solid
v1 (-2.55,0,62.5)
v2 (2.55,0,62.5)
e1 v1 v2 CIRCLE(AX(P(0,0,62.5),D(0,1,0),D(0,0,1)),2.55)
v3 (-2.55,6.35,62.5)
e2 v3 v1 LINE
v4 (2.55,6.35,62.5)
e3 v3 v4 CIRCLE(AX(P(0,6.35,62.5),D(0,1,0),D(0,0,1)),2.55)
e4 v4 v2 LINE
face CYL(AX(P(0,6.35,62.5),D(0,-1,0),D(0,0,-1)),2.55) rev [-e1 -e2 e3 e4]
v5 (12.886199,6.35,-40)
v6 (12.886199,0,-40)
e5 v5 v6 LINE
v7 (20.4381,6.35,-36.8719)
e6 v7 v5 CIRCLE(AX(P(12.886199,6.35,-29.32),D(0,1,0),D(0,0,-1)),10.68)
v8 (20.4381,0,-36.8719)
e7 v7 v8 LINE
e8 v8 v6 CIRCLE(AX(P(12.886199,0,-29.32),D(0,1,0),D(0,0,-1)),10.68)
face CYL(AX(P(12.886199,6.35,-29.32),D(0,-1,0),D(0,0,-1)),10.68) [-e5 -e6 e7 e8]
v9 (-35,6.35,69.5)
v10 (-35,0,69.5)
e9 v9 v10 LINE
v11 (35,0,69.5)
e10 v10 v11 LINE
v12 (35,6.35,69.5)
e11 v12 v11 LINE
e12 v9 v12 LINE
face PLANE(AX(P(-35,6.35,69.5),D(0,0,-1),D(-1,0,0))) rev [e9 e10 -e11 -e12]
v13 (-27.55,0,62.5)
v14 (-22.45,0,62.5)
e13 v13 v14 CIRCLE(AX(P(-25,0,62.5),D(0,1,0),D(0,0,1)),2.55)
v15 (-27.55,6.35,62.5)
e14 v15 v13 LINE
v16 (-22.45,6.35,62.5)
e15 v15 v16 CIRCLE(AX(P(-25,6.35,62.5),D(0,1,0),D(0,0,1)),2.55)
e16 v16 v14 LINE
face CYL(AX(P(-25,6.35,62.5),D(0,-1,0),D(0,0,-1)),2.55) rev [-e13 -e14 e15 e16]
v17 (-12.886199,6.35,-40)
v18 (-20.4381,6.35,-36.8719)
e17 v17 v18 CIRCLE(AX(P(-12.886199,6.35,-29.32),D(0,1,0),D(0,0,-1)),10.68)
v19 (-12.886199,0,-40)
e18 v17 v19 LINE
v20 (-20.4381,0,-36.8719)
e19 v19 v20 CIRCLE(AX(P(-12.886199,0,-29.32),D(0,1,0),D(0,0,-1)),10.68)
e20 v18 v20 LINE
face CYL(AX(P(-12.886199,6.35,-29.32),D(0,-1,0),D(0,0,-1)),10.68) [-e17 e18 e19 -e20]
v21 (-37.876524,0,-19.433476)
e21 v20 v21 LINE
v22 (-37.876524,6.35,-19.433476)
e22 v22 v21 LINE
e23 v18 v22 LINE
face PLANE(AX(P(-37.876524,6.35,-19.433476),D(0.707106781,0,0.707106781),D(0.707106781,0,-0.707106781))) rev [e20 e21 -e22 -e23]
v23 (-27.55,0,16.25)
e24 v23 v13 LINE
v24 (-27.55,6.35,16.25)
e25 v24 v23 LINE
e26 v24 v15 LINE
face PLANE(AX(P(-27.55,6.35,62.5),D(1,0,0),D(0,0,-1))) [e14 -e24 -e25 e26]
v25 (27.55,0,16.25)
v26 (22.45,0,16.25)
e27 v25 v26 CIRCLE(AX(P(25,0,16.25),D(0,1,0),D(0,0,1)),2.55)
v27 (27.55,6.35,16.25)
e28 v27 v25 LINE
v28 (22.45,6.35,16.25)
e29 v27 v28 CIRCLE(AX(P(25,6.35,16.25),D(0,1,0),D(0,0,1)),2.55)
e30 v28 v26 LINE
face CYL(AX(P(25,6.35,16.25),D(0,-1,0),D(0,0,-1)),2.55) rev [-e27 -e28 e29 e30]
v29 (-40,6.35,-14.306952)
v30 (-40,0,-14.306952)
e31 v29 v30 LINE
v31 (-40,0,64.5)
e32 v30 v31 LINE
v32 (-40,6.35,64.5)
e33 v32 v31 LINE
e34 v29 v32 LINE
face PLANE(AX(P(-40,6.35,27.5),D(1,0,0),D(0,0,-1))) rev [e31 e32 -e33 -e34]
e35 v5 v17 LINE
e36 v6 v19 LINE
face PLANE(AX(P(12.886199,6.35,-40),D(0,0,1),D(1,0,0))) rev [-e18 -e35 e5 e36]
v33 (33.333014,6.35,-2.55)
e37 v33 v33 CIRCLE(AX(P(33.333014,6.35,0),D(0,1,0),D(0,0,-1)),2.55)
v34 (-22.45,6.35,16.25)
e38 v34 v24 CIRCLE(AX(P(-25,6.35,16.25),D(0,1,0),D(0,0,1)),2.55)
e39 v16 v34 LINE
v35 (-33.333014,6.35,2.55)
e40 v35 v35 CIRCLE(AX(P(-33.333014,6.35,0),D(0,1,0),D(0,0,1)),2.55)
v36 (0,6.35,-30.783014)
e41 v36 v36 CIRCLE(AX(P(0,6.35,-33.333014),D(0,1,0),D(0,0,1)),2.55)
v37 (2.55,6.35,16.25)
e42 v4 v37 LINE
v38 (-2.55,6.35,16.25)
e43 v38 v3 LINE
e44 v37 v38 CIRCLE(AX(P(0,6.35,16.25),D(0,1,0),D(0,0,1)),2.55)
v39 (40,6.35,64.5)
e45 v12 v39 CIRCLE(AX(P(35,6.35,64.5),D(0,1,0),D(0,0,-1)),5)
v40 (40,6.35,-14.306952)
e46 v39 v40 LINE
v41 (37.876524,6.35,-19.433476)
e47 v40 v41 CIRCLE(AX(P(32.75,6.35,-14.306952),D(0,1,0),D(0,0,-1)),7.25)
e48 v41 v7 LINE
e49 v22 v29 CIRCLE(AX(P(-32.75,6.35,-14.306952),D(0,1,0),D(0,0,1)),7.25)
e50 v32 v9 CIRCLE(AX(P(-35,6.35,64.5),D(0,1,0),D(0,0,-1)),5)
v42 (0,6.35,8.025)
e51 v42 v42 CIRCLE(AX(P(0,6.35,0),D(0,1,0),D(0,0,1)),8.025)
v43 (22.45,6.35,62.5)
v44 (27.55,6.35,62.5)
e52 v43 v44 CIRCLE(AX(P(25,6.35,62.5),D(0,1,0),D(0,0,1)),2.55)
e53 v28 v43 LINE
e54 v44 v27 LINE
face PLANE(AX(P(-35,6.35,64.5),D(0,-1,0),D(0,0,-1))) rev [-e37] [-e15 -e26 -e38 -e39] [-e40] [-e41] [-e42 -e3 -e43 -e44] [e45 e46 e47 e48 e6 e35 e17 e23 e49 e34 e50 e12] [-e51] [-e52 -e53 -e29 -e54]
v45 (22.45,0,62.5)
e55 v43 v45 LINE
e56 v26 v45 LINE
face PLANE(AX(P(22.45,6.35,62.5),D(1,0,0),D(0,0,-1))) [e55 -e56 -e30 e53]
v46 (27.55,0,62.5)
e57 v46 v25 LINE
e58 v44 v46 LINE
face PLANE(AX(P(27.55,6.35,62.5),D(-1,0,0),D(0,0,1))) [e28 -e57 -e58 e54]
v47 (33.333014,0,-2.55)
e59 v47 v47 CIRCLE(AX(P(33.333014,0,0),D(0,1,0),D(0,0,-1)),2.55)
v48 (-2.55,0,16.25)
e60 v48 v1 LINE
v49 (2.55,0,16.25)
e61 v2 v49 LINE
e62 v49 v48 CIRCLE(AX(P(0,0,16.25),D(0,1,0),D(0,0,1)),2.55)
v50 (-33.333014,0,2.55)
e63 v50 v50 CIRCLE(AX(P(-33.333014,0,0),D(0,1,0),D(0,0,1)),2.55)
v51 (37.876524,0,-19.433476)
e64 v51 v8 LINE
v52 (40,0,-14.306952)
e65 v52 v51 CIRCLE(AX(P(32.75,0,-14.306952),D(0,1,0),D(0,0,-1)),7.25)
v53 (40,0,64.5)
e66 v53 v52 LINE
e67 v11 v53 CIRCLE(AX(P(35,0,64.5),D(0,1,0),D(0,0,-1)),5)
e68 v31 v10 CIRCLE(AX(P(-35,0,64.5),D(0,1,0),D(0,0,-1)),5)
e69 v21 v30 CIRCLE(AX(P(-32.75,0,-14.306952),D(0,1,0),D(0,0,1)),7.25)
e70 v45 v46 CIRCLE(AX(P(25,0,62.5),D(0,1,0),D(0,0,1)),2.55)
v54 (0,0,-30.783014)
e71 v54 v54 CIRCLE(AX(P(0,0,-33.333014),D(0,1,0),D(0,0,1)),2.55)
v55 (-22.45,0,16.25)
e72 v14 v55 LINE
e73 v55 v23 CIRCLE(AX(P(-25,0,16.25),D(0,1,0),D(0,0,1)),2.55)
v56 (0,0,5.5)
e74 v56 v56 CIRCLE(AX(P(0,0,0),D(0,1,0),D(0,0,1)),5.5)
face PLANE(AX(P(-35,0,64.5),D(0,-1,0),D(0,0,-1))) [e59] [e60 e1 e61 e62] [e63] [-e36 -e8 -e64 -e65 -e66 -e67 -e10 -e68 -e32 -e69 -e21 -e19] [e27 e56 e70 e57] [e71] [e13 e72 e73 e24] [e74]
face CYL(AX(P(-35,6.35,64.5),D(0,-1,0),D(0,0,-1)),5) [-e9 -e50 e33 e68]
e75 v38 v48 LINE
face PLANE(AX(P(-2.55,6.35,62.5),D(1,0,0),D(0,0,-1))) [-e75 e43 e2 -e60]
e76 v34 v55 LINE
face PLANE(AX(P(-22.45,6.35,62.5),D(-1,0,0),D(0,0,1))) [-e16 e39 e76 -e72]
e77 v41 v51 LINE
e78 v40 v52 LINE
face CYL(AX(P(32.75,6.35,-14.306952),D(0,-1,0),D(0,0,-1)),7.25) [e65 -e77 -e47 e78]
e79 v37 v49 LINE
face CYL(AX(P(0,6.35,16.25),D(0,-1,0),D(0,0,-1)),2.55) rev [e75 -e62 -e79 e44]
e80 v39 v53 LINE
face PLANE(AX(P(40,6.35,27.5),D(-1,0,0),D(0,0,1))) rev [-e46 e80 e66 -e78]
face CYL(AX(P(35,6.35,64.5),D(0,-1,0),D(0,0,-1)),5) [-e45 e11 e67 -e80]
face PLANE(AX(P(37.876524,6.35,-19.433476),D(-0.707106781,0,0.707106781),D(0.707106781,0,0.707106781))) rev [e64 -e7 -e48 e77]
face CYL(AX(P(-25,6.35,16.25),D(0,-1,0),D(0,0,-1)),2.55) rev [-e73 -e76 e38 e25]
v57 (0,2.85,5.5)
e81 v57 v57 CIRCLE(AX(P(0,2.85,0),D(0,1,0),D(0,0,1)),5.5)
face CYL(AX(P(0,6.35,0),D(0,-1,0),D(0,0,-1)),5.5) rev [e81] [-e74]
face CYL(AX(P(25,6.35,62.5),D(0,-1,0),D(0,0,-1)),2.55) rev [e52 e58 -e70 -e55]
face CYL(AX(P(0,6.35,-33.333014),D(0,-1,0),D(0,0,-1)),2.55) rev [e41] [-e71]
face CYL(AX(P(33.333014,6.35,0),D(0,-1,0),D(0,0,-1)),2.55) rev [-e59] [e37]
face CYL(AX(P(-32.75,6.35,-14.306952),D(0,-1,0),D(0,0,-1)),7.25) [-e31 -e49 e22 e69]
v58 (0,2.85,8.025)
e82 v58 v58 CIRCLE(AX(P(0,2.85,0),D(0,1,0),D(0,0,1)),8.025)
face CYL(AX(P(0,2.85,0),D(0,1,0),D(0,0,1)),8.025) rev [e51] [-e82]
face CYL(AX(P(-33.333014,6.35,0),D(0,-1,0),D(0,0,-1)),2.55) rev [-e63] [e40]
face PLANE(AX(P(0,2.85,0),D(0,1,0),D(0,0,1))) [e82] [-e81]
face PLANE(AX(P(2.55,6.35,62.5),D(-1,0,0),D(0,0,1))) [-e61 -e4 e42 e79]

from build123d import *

# Parameters (mm, degrees)
SKETCH1_R           = 5.5
SKETCH1_R_2         = 2.55
BOSS_EXTRUDE1_DEPTH = 6.35
SKETCH2_R           = 8.025
CUT_EXTRUDE1_DEPTH  = 3.5


with BuildPart() as part:
    # Sketch1 → Boss-Extrude1 (new body)
    with BuildSketch(Plane(origin=(0, 0, 0), x_dir=(1, 0, 0), z_dir=(0, 1, 0))):
        with BuildLine():
            Line((40, -27.5), (40, 14.306951673))
            ThreePointArc((40, 14.306951673), (39.448126611, 17.081406557), (37.876524164, 19.433475836))
            Line((37.876524164, 19.433475836), (20.438099577, 36.871900423))
            ThreePointArc((20.438099577, 36.871900423), (16.973258212, 39.187033407), (12.886199154, 40))
            Line((12.886199154, 40), (-12.886199154, 40))
            ThreePointArc((-12.886199154, 40), (-16.973258212, 39.187033407), (-20.438099577, 36.871900423))
            Line((-20.438099577, 36.871900423), (-37.876524164, 19.433475836))
            ThreePointArc((-37.876524164, 19.433475836), (-39.448126611, 17.081406557), (-40, 14.306951673))
            Line((-40, 14.306951673), (-40, -27.5))
            Line((-40, -27.5), (-40, -64.5))
            ThreePointArc((-40, -64.5), (-38.535533906, -68.035533906), (-35, -69.5))
            Line((-35, -69.5), (35, -69.5))
            ThreePointArc((35, -69.5), (38.535533906, -68.035533906), (40, -64.5))
            Line((40, -64.5), (40, -27.5))
        make_face()
        with Locations(Location((0, 0, 0), (0, 0, 270))):
            Circle(SKETCH1_R, mode=Mode.SUBTRACT)
        with Locations(Location((-33.333013665, 0, 0), (0, 0, 270))):
            Circle(SKETCH1_R_2, mode=Mode.SUBTRACT)
        with Locations(Location((0, 33.333013665, 0), (0, 0, 270))):
            Circle(SKETCH1_R_2, mode=Mode.SUBTRACT)
        with Locations(Location((33.333013665, 0, 0), (0, 0, 90))):
            Circle(SKETCH1_R_2, mode=Mode.SUBTRACT)
        with BuildLine():
            Line((22.45, -62.5), (22.45, -16.25))
            ThreePointArc((22.45, -16.25), (25, -13.7), (27.55, -16.25))
            Line((27.55, -16.25), (27.55, -62.5))
            ThreePointArc((27.55, -62.5), (25, -65.05), (22.45, -62.5))
        make_face(mode=Mode.SUBTRACT)
        with BuildLine():
            Line((-2.55, -62.5), (-2.55, -16.25))
            ThreePointArc((-2.55, -16.25), (0, -13.7), (2.55, -16.25))
            Line((2.55, -16.25), (2.55, -62.5))
            ThreePointArc((2.55, -62.5), (0, -65.05), (-2.55, -62.5))
        make_face(mode=Mode.SUBTRACT)
        with BuildLine():
            Line((-27.55, -62.5), (-27.55, -16.25))
            ThreePointArc((-27.55, -16.25), (-25, -13.7), (-22.45, -16.25))
            Line((-22.45, -16.25), (-22.45, -62.5))
            ThreePointArc((-22.45, -62.5), (-25, -65.05), (-27.55, -62.5))
        make_face(mode=Mode.SUBTRACT)
    extrude(amount=BOSS_EXTRUDE1_DEPTH)

    # Sketch2 → Cut-Extrude1 (cut)
    with BuildSketch(Plane(origin=(0, 6.35, 0), x_dir=(1, 0, 0), z_dir=(0, 1, 0))):
        with Locations(Location((0, 0, 0), (0, 0, 270))):
            Circle(SKETCH2_R)
    extrude(amount=-CUT_EXTRUDE1_DEPTH, mode=Mode.SUBTRACT)


solid = part.part
